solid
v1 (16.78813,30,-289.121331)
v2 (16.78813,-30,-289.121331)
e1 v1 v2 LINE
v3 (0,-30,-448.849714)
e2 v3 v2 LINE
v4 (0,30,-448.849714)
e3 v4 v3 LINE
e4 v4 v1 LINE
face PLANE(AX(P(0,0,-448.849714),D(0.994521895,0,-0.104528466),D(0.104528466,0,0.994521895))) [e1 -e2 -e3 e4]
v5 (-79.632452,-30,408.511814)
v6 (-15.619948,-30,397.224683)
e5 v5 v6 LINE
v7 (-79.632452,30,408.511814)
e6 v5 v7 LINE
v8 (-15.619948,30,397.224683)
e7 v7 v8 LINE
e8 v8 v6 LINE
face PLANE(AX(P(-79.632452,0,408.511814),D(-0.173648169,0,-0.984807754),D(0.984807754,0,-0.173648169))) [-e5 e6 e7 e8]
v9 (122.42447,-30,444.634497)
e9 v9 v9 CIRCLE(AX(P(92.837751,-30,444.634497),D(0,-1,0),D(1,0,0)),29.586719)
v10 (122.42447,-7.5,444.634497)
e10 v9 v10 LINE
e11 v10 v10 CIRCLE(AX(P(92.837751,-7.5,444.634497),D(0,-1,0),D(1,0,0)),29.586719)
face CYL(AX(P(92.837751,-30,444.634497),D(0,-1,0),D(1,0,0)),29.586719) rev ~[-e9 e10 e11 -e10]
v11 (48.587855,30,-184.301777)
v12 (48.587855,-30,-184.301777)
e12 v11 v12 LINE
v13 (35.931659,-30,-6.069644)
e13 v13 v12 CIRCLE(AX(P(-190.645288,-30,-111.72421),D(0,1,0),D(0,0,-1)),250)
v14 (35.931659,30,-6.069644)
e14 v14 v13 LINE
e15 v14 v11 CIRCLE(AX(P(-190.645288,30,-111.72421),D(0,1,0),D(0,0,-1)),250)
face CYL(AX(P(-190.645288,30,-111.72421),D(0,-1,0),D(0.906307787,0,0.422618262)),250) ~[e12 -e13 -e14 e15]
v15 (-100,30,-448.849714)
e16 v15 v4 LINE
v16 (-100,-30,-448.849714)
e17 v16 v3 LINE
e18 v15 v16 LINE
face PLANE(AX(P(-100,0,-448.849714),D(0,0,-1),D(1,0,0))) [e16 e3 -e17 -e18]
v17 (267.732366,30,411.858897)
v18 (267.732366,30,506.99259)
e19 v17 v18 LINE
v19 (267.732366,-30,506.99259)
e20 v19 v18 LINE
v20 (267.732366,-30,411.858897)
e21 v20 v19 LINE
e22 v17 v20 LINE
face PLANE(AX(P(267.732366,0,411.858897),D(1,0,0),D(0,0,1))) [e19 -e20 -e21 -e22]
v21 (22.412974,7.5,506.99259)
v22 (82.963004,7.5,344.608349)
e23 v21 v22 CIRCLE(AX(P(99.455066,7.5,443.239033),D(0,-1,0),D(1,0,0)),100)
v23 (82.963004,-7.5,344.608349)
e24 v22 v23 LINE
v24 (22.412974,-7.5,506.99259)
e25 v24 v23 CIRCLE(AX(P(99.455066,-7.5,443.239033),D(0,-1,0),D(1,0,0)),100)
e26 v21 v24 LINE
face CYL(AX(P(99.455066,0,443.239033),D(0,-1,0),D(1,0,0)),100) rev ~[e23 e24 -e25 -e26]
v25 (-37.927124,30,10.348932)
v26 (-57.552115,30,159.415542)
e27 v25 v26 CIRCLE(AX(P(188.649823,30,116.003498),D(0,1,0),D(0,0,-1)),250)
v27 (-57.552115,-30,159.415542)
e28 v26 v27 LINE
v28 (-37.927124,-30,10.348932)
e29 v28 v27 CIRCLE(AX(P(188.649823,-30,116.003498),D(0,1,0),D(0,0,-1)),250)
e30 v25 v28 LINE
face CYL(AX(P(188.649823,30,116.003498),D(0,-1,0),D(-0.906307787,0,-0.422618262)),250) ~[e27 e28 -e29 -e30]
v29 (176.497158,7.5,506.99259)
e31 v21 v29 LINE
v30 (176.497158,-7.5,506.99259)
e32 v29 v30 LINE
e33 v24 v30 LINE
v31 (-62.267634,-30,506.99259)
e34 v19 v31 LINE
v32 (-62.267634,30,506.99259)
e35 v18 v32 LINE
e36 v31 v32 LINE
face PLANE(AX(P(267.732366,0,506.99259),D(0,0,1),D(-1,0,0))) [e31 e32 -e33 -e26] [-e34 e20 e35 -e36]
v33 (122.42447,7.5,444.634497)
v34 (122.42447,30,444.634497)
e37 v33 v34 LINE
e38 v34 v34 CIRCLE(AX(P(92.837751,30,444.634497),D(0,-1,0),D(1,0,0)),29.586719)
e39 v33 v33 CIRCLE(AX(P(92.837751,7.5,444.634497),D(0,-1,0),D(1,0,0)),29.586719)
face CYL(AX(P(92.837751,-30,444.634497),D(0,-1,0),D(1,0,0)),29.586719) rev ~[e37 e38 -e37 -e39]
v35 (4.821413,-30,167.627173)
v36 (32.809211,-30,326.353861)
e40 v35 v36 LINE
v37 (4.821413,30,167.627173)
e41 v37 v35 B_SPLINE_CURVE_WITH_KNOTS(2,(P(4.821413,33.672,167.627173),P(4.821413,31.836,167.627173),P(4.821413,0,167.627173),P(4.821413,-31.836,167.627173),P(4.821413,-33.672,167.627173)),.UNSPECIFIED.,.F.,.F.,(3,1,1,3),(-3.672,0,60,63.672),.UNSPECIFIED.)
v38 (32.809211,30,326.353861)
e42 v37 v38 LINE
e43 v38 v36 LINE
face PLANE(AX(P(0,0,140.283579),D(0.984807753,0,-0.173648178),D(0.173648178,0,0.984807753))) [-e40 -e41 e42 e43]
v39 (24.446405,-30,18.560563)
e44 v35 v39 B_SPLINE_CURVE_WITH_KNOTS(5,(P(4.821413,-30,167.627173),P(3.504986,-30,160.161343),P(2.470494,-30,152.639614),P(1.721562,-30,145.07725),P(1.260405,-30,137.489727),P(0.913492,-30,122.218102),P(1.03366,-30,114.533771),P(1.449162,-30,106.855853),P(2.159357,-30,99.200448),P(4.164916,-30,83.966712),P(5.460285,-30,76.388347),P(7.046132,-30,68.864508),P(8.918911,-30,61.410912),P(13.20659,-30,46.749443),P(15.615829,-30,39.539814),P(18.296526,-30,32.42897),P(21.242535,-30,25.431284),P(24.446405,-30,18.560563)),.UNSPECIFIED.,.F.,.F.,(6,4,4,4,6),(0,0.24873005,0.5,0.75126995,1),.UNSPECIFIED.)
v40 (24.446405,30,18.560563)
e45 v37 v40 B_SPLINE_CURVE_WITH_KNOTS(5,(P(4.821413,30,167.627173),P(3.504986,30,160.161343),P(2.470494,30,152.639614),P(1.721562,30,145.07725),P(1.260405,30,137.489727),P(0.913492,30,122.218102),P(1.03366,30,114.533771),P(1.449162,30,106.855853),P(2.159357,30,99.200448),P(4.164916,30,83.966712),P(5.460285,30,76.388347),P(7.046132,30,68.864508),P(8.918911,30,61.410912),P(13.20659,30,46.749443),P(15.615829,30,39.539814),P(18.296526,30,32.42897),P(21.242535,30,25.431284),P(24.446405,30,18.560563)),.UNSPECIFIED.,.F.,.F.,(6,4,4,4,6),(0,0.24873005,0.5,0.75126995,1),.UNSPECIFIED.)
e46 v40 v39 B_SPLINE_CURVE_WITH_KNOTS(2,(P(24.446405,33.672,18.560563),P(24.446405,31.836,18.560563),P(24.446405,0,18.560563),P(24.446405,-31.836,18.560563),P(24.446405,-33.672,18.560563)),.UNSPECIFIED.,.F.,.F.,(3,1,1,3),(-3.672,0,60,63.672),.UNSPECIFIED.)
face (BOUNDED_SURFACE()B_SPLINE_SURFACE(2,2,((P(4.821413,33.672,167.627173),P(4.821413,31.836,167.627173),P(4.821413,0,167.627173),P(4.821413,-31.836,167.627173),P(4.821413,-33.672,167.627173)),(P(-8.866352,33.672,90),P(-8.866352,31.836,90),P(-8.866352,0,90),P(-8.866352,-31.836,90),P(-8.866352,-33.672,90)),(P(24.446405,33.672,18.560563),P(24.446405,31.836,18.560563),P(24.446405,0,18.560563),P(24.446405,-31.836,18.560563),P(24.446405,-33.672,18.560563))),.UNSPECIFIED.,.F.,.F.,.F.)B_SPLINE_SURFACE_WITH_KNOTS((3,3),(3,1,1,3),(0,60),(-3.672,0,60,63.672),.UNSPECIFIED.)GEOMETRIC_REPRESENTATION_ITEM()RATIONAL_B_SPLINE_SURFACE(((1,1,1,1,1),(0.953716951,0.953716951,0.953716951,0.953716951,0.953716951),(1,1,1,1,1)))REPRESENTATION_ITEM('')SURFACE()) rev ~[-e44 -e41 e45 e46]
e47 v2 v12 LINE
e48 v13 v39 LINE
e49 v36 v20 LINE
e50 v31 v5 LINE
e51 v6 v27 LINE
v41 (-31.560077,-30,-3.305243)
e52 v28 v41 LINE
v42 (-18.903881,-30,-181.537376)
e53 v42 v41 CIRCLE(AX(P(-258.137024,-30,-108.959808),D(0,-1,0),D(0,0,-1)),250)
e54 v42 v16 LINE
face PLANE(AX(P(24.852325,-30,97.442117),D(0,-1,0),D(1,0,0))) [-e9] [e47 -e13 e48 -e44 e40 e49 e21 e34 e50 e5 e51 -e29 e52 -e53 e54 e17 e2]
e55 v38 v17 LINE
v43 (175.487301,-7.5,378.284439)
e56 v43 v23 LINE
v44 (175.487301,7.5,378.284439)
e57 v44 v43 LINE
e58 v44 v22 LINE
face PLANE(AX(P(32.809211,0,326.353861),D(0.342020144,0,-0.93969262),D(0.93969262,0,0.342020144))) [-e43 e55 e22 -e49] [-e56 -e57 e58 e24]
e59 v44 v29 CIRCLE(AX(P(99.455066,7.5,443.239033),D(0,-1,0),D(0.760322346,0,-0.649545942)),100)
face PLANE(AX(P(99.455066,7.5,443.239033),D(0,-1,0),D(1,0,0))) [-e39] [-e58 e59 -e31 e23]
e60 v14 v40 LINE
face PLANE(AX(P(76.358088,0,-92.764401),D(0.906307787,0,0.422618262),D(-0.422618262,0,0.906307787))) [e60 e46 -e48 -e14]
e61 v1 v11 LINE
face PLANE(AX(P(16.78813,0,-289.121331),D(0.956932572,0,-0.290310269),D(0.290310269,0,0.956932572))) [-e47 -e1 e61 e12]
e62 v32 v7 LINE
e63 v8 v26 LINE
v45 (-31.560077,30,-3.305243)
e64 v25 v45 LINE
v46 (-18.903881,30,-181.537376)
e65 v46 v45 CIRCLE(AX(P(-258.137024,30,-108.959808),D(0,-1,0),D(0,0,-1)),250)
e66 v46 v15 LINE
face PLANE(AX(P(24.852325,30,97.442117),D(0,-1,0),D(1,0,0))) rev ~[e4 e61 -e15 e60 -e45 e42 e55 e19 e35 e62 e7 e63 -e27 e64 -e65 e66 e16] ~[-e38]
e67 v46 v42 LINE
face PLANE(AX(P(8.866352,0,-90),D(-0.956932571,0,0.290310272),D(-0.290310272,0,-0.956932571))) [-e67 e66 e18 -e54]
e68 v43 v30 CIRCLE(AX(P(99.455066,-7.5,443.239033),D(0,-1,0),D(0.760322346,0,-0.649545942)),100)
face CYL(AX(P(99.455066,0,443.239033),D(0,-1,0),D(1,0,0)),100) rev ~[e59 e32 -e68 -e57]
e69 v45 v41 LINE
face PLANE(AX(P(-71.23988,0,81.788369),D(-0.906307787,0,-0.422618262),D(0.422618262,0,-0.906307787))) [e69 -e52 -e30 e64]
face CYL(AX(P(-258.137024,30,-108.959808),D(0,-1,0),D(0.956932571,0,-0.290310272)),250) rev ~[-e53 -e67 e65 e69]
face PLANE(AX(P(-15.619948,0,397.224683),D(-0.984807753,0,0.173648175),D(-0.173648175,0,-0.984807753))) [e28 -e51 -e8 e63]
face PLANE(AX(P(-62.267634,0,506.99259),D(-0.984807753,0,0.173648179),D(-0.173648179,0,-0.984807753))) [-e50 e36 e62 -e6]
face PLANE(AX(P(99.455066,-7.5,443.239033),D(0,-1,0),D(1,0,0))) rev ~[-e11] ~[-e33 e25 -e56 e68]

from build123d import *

# Parameters (mm, degrees)
F1_DEPTH = 30
F2_R     = 250
F3_R     = 29.586719
F4_DEPTH = 60.001
F5_R     = 100
F6_DEPTH = 7.5


with BuildPart() as f1:
    # F0 (on Front) → F1 (new body, symmetric)
    with BuildSketch(Plane.XZ):
        Polygon((-79.632452, 408.511814), (-15.619948, 397.224683), (-71.23988, 81.788369), (8.866352, -90), (-100, -448.849714), (0, -448.849714), (16.78813, -289.121331), (76.358088, -92.764401), (0, 70.986047), (-8.866352, 90), (0, 140.283579), (32.809211, 326.353861), (267.732366, 411.858897), (267.732366, 506.99259), (-62.267634, 506.99259), align=None)
    extrude(amount=F1_DEPTH, both=True)

    # F2
    f2_edges = [f1.edges().sort_by_distance(p)[0] for p in [
        (-8.866352, 0, 90),
        (76.358088, 0, -92.764401),
        (-71.23988, 0, 81.788369),
        (8.866352, 0, -90),
    ]]
    fillet(f2_edges, radius=F2_R)

    # F3 (on face) → F4 (cut, through all)
    with BuildSketch(Plane.XZ.offset(30)):
        with Locations((92.837751, 444.634497)):
            Circle(F3_R)
    extrude(amount=-F4_DEPTH, mode=Mode.SUBTRACT)

    # F5 (on Front) → F6 (cut, symmetric)
    with BuildSketch(Plane.XZ):
        with Locations((99.455066, 443.239033)):
            Circle(F5_R)
    extrude(amount=F6_DEPTH, both=True, mode=Mode.SUBTRACT)


solid = f1.part
